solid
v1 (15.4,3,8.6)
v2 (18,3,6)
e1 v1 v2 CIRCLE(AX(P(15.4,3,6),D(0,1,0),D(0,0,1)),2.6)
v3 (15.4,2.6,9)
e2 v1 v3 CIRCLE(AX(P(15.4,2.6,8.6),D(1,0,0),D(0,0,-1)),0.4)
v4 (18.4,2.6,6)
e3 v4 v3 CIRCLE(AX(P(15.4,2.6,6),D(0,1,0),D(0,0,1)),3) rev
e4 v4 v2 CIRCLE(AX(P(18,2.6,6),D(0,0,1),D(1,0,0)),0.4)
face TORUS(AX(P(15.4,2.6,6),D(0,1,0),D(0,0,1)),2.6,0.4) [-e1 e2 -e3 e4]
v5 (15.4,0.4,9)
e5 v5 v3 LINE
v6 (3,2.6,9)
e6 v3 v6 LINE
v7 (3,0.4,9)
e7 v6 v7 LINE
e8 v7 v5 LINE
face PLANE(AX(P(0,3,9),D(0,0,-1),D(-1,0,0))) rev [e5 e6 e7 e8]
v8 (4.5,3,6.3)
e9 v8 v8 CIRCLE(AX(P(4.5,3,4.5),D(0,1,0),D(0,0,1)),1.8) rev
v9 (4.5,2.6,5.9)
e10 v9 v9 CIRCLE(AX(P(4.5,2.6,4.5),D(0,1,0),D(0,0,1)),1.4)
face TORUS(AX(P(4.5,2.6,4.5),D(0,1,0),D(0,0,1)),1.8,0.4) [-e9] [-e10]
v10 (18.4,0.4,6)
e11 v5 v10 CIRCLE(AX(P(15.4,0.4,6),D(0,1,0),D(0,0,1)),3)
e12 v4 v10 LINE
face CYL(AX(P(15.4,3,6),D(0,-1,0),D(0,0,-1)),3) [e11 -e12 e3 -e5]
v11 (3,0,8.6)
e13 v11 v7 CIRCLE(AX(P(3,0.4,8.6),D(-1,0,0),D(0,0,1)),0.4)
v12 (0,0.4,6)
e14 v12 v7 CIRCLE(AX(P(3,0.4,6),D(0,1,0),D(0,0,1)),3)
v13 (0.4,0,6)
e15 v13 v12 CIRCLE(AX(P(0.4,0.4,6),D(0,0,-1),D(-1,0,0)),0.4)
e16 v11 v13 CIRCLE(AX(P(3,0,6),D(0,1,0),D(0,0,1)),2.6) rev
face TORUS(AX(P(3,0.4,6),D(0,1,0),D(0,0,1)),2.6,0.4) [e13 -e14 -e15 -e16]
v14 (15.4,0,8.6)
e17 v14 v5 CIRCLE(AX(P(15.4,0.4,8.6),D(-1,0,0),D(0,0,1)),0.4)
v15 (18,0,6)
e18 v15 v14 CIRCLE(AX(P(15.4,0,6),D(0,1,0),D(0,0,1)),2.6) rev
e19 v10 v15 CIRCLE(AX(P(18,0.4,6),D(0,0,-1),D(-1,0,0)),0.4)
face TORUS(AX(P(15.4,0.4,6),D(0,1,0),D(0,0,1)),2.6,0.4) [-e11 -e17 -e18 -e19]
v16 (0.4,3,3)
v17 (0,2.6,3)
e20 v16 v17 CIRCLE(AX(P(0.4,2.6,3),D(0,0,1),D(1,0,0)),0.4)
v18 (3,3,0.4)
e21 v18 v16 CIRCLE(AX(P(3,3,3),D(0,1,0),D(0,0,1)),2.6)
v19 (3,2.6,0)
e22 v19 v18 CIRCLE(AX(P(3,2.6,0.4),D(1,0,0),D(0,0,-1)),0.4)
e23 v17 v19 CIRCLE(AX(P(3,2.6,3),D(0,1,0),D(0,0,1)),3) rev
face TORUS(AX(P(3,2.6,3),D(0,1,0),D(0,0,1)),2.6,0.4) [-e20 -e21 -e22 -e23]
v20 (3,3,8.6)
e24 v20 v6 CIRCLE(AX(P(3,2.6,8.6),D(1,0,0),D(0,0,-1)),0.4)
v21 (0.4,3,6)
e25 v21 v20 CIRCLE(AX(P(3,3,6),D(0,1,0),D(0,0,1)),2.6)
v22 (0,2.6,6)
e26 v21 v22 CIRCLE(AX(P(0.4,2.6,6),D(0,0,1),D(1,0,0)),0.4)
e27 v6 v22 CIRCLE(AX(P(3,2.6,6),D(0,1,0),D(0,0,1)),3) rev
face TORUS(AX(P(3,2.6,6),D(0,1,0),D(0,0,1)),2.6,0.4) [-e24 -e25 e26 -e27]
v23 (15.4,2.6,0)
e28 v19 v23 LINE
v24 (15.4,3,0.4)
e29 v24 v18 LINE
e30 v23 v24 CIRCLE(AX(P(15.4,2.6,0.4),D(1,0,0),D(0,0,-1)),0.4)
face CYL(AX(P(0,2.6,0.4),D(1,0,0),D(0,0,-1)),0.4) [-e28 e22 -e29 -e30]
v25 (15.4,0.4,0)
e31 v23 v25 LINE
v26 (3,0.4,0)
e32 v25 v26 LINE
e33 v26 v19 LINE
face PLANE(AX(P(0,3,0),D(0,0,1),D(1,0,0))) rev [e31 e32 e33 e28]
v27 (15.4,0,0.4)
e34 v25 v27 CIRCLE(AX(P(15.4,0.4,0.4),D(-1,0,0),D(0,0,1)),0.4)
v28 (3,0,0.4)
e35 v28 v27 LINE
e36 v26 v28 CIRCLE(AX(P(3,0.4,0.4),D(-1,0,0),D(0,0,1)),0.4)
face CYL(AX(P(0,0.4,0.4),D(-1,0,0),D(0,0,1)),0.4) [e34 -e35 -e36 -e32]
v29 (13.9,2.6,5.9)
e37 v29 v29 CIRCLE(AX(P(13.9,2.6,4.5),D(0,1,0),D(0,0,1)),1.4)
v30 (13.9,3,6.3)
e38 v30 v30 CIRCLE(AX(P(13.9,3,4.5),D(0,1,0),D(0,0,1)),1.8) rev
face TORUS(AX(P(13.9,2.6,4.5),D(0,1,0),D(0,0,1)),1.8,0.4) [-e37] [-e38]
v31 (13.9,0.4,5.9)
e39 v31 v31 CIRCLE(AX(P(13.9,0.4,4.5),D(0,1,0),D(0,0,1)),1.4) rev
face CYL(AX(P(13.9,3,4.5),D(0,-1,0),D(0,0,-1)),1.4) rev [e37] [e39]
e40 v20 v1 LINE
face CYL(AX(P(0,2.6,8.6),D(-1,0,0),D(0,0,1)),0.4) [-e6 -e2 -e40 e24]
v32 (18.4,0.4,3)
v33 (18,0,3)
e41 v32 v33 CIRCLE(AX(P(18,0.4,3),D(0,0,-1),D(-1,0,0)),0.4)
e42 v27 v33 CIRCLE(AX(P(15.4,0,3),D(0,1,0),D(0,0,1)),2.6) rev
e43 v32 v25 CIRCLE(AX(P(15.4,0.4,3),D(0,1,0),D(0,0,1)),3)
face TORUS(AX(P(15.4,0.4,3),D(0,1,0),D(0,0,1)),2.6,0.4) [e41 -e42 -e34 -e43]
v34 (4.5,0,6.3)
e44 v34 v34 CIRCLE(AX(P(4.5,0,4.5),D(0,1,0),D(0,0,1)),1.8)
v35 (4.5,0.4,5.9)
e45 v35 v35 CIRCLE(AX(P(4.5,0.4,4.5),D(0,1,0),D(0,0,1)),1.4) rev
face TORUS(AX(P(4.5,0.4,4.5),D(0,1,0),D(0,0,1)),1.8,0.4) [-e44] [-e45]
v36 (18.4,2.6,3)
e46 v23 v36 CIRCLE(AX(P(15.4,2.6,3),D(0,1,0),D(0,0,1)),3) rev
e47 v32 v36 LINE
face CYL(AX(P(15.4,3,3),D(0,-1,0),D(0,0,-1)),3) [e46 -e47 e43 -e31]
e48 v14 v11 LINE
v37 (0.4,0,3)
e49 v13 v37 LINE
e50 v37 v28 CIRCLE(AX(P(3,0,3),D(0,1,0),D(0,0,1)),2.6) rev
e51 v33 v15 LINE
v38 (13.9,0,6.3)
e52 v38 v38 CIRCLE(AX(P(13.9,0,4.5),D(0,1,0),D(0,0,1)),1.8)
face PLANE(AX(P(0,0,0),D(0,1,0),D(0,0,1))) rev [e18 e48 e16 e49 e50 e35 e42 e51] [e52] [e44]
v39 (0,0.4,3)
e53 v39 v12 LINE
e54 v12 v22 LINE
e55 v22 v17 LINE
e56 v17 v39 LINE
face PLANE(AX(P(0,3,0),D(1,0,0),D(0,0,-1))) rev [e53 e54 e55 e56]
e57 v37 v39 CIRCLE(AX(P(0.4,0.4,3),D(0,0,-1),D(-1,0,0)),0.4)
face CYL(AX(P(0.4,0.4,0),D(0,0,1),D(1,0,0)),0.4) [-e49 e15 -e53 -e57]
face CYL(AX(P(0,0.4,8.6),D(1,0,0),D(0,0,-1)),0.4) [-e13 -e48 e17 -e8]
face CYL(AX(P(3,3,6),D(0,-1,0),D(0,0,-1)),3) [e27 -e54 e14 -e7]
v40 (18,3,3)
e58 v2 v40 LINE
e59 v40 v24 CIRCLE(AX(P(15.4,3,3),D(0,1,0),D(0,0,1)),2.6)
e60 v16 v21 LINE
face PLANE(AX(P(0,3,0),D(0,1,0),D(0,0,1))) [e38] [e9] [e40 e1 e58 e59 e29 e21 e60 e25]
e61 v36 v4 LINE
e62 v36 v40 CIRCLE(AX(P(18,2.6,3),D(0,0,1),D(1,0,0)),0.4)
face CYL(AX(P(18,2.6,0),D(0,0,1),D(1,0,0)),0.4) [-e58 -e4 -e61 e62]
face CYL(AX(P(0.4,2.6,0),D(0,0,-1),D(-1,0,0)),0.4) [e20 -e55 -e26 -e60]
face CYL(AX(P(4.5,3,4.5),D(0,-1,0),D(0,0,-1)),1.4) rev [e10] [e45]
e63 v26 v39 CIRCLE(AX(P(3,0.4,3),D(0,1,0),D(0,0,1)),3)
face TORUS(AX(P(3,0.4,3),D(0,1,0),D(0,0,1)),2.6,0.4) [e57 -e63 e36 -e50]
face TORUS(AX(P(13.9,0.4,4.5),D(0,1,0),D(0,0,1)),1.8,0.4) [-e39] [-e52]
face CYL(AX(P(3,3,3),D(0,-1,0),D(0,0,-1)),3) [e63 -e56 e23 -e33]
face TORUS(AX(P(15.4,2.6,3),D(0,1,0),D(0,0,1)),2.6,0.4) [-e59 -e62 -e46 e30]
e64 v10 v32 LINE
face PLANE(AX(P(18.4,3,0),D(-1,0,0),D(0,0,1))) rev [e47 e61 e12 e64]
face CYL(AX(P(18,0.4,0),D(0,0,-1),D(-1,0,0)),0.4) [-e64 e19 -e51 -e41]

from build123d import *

# Parameters (mm, degrees)
SKETCH1_W           = 18.4
SKETCH1_H           = 9
SKETCH1_R           = 1.4
BOSS_EXTRUDE1_DEPTH = 3
FILLET2_R           = 3
FILLET3_R           = 0.4


with BuildPart() as part:
    # Sketch1 → Boss-Extrude1 (new body)
    with BuildSketch(Plane(origin=(0, 0, 0), x_dir=(1, 0, 0), z_dir=(0, 1, 0))):
        with Locations((9.2, -4.5)):
            Rectangle(SKETCH1_W, SKETCH1_H)
        with Locations(Location((4.5, -4.5, 0), (0, 0, 270))):
            Circle(SKETCH1_R, mode=Mode.SUBTRACT)
        with Locations(Location((13.9, -4.5, 0), (0, 0, 270))):
            Circle(SKETCH1_R, mode=Mode.SUBTRACT)
    extrude(amount=BOSS_EXTRUDE1_DEPTH)

    # Fillet2
    fillet2_edges = [part.edges().sort_by_distance(p)[0] for p in [
        (0, 1.5, 0),
        (18.4, 1.5, 0),
        (18.4, 1.5, 9),
        (0, 1.5, 9),
    ]]
    fillet(fillet2_edges, radius=FILLET2_R)

    # Fillet3
    fillet3_edges = [part.edges().sort_by_distance(p)[0] for p in [
        (4.5, 0, 3.1),
        (4.5, 3, 3.1),
        (13.9, 0, 3.1),
        (13.9, 3, 3.1),
        (9.2, 0, 0),
        (9.2, 3, 0),
        (0, 0, 4.5),
        (18.4, 0, 4.5),
        (9.2, 0, 9),
        (0.878679656, 0, 0.878679656),
        (0.878679656, 0, 8.121320344),
        (17.521320344, 0, 8.121320344),
        (17.521320344, 0, 0.878679656),
        (18.4, 3, 4.5),
        (0, 3, 4.5),
        (9.2, 3, 9),
        (0.878679656, 3, 0.878679656),
        (0.878679656, 3, 8.121320344),
        (17.521320344, 3, 8.121320344),
        (17.521320344, 3, 0.878679656),
    ]]
    fillet(fillet3_edges, radius=FILLET3_R)


solid = part.part
